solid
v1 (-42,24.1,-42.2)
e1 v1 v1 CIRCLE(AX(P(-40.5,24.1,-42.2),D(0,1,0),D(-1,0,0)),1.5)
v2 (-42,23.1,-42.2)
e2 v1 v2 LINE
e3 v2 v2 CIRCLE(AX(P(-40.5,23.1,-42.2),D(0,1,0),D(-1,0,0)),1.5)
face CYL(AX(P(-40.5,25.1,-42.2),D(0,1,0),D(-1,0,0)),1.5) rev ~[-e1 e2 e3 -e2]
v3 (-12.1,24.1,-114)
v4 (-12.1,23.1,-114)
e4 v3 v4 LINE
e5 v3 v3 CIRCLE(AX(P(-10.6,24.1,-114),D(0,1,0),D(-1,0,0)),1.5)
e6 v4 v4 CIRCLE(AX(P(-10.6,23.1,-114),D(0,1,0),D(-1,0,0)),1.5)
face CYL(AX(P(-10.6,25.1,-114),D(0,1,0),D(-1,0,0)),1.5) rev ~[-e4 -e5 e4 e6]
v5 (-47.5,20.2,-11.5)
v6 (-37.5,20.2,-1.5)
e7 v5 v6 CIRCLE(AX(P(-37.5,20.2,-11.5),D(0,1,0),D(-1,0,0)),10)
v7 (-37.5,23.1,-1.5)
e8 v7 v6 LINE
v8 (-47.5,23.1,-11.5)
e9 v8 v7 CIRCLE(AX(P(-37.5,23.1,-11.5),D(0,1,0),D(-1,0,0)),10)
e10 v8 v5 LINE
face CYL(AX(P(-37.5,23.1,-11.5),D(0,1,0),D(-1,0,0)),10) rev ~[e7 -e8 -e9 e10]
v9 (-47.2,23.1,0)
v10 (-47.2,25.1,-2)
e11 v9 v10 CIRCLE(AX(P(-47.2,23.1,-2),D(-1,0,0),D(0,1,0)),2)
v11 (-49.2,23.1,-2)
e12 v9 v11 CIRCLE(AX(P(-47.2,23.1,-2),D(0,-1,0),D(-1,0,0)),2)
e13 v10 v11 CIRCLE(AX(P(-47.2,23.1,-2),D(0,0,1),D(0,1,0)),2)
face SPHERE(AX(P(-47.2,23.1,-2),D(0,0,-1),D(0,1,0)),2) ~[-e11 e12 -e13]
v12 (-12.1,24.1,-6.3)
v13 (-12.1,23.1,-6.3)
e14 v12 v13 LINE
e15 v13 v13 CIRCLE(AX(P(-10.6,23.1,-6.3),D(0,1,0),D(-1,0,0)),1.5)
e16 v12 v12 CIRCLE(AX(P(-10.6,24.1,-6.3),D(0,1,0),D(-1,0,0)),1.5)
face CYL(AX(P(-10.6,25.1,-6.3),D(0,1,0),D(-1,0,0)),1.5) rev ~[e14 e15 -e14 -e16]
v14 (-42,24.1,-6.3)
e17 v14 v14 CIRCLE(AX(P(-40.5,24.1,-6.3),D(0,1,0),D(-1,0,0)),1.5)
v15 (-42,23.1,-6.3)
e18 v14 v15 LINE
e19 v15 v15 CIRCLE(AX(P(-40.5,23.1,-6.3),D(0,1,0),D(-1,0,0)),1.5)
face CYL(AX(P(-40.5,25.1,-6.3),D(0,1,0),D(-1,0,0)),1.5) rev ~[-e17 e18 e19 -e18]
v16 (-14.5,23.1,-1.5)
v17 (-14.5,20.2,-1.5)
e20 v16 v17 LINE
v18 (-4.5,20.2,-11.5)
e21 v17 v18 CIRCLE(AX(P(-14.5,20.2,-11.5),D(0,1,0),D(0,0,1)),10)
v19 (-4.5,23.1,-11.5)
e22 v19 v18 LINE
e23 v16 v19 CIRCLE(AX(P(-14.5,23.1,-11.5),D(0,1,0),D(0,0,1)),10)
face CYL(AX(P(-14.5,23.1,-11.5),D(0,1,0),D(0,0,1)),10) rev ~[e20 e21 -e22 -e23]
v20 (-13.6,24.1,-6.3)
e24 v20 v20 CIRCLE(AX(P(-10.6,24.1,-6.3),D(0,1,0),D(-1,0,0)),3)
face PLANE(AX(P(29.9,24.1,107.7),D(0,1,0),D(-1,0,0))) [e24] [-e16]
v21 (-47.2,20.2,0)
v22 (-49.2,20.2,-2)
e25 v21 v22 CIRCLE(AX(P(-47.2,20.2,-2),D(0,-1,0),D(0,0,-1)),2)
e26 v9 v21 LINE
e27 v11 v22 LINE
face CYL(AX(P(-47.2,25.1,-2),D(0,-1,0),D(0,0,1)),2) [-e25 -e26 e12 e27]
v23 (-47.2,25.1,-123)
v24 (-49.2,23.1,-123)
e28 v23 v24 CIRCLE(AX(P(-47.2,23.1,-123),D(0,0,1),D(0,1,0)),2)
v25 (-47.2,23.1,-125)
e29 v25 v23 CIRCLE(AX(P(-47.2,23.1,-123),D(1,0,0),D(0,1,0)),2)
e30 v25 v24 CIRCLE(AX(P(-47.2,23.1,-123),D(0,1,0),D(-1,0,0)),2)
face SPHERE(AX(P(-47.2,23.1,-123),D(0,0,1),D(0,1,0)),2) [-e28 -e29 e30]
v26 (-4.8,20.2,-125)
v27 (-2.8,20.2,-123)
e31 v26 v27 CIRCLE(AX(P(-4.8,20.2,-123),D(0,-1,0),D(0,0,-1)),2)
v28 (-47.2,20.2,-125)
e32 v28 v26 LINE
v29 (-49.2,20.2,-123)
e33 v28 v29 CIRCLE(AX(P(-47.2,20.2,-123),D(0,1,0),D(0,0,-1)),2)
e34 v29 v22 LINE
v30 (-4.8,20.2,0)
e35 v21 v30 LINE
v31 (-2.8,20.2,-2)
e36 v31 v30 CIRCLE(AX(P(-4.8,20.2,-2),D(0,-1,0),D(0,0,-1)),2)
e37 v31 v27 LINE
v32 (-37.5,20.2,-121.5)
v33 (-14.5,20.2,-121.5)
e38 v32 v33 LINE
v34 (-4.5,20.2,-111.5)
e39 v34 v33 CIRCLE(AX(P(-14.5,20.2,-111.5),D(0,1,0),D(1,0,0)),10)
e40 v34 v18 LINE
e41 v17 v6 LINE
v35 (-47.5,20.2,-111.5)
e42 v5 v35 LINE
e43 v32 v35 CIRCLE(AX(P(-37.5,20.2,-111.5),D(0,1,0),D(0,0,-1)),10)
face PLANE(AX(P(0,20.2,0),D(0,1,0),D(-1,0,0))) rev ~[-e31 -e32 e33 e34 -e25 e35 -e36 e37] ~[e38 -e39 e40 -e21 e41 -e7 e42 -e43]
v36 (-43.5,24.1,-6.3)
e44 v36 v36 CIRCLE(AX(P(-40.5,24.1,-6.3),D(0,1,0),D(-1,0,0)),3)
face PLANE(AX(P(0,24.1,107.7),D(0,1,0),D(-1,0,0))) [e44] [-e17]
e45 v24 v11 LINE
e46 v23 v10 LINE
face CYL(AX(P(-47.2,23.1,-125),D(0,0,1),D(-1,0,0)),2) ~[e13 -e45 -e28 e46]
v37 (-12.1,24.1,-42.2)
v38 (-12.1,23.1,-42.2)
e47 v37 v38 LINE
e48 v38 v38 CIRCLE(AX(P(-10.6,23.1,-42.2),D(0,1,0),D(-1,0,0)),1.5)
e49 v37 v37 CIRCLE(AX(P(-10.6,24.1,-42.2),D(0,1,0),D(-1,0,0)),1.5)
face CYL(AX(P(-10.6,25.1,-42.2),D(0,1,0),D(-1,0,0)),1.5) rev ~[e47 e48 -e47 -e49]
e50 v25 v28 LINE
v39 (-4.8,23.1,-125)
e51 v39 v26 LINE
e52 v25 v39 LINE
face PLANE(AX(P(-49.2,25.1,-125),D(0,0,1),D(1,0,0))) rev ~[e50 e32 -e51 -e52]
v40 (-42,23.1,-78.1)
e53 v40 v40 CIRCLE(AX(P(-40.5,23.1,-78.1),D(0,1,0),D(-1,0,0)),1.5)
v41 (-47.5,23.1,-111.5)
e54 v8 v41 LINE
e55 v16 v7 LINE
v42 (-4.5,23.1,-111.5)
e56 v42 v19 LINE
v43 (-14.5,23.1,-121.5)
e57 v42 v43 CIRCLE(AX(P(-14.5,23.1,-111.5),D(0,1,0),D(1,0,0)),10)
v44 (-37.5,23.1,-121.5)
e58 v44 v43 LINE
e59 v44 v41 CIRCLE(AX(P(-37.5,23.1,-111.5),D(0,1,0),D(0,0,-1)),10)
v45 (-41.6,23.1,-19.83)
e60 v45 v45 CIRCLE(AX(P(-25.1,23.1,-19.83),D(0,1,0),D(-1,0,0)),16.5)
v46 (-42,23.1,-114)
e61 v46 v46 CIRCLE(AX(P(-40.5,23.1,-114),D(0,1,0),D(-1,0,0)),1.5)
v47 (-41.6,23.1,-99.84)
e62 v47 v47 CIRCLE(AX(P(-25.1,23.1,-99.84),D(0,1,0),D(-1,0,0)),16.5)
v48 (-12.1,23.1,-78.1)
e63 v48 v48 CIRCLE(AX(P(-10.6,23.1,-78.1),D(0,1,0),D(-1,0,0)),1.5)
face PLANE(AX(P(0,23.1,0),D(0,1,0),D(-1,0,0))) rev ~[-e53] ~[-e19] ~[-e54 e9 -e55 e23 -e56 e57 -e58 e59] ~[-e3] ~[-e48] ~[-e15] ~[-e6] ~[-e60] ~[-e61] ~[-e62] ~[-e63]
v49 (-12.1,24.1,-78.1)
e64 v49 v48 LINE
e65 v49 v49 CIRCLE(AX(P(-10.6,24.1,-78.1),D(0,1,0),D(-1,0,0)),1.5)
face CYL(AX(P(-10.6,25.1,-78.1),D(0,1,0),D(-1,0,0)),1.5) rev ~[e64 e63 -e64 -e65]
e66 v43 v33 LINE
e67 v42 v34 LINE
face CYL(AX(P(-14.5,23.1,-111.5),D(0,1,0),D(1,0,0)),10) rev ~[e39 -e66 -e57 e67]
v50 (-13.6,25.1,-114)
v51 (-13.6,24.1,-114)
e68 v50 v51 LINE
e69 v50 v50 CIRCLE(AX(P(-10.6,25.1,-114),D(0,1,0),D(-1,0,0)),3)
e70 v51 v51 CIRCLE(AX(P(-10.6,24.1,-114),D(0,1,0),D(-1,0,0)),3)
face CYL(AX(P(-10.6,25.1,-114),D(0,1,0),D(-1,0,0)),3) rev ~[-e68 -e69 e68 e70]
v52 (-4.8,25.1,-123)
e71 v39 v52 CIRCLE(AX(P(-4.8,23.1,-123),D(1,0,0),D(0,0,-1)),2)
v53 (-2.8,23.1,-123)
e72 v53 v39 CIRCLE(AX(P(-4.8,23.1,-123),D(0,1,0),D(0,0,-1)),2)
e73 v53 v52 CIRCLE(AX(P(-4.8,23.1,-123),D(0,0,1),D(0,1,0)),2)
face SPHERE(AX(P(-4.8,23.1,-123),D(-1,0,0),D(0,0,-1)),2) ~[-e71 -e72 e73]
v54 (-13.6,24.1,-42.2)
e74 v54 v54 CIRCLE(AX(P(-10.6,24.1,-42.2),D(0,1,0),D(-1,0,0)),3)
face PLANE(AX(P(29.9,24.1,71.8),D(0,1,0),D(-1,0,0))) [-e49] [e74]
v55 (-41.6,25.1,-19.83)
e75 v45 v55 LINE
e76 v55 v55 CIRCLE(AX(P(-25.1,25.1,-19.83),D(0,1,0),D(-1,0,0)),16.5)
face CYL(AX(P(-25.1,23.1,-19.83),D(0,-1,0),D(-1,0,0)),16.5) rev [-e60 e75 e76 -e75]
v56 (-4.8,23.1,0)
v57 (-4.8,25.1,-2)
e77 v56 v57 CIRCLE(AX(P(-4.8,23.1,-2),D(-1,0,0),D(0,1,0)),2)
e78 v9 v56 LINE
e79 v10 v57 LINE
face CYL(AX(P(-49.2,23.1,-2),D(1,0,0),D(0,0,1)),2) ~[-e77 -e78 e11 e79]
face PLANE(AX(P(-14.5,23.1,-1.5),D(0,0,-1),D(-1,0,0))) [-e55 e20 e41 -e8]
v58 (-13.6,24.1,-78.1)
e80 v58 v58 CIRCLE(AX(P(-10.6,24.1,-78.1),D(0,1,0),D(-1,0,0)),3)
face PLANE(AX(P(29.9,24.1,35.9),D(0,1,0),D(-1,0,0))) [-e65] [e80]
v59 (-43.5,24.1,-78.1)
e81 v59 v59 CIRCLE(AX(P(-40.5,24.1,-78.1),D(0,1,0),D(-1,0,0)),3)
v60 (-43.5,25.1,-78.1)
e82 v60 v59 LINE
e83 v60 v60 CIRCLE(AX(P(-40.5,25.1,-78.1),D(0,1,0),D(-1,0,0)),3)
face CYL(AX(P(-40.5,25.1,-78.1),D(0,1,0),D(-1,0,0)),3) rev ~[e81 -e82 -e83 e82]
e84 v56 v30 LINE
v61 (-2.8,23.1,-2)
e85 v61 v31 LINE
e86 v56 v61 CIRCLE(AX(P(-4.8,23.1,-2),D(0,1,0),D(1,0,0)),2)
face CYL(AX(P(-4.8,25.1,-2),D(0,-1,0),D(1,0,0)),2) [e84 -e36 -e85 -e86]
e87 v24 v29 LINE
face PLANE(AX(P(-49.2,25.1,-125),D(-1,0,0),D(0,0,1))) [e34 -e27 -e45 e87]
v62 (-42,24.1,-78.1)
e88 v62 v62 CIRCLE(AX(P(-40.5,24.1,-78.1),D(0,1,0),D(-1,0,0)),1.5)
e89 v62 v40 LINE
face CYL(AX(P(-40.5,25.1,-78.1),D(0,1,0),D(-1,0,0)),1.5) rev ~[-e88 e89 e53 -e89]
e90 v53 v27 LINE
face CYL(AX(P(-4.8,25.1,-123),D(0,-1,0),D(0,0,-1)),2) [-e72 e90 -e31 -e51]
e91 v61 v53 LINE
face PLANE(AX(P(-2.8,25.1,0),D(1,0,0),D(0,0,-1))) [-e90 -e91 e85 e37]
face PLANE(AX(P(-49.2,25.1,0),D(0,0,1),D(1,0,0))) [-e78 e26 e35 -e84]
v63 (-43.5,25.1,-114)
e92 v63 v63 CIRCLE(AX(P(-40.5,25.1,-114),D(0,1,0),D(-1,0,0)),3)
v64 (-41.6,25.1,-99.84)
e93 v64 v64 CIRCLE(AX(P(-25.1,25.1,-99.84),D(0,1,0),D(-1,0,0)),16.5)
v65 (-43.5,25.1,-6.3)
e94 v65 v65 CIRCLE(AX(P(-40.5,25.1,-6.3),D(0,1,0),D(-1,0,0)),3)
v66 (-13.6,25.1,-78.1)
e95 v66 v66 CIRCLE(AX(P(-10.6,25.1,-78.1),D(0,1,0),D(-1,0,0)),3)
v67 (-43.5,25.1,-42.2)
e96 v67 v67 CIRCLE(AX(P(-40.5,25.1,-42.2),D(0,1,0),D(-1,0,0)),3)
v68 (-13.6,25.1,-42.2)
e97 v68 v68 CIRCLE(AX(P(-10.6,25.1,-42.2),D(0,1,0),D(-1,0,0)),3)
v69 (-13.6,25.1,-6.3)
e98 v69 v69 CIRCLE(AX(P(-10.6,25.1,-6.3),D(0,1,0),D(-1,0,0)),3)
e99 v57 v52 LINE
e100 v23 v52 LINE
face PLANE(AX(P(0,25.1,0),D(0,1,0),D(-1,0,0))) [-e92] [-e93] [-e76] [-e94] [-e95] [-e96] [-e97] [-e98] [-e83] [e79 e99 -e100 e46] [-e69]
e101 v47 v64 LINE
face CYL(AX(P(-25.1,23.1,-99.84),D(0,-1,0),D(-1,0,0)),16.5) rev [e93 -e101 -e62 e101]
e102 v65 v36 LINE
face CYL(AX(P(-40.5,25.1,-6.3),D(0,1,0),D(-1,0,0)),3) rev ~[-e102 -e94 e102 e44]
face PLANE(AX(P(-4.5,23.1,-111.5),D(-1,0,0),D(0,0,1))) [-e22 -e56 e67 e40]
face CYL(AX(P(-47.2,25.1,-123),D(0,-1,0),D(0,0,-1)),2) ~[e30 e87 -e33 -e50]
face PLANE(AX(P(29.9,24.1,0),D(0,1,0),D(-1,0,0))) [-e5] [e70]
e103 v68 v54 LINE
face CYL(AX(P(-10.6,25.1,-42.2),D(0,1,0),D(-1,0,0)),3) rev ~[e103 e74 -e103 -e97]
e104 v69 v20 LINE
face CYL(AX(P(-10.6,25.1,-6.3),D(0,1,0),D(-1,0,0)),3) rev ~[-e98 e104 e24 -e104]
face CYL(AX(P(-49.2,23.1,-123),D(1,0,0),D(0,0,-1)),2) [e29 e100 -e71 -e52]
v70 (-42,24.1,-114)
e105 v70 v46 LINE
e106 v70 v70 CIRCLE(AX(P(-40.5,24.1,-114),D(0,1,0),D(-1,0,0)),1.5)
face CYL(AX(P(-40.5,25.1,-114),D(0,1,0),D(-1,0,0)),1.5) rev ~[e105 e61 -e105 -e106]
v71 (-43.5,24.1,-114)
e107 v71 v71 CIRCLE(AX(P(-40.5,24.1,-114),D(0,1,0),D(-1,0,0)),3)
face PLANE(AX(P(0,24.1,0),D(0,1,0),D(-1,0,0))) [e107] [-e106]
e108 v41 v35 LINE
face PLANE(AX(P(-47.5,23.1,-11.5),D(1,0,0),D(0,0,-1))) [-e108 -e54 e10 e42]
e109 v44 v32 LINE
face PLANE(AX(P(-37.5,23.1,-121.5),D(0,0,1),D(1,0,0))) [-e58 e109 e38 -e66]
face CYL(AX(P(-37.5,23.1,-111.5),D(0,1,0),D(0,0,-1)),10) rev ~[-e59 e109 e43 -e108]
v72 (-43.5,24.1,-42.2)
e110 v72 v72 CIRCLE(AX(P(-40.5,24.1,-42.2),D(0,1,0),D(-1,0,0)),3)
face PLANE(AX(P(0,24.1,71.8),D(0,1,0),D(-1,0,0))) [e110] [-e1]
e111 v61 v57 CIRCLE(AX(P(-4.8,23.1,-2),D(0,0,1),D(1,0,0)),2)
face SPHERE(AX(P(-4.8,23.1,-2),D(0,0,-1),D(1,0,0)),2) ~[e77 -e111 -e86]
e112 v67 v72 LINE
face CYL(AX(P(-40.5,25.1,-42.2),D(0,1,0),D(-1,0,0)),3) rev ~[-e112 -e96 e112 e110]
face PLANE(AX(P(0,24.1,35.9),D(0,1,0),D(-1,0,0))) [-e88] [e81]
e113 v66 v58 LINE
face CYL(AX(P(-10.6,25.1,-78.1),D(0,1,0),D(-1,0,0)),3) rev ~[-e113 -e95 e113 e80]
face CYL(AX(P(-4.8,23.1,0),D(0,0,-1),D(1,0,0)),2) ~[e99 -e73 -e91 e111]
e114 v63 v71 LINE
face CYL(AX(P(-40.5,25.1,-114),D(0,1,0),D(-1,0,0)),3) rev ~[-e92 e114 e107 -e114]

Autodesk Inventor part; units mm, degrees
sketch "Sketch1" plane through (0, 0, 0) normal (0, 1, 0) x (-1, 0, 0)
  line L0 (2, 0) -> (102, 0)
  line L1 (104, -2) -> (104, -123)
  line L2 (102, -125) -> (2, -125)
  line L3 (0, -123) -> (0, -2)
  arc A0 (104, -2) -> (102, 0) centre (102, -2) ccw
  arc A1 (102, -125) -> (104, -123) centre (102, -123) ccw
  arc A2 (0, -123) -> (2, -125) centre (2, -123) ccw
  arc A3 (2, 0) -> (0, -2) centre (2, -2) ccw
  point P0 (0, 0)
  point P1 (104, -125)
  point P2 (0, -125)
  dimension "d0" = 104
  dimension "d1" = 125
  dimension "d2" = 2
  dimension "d3" = 2
extrude "Boîte extérieure" [suppressed]
fillet "Fillet1-Boîte extérieure" [suppressed]
ref_plane "Work Plane2 - PCB Vertical" through (0, 0, -62.5) normal (0, 0, 1) x (1, 0, 0)
ref_plane "Work Plane4 - Surface extérieure capteurs" through (0, 20.1, 0) normal (0, 1, 0) x (-1, 0, 0)
ref_plane "Work Plane6 - Fond creusé" through (0, 17, 0) normal (0, 1, 0) x (-1, 0, 0)
sketch "Sketch26" plane through (0, 20.1, 0) normal (0, 1, 0) x (-1, 0, 0)
  line L0 (16, -121) -> (36, -121)
  line L1 (47, -110) -> (47, -13)
  line L2 (36, -2) -> (16, -2)
  line L3 (5, -13) -> (5, -110)
  arc A0 (5, -110) -> (16, -121) centre (16, -110) ccw
  arc A1 (36, -121) -> (47, -110) centre (36, -110) ccw
  arc A2 (47, -13) -> (36, -2) centre (36, -13) ccw
  arc A3 (16, -2) -> (5, -13) centre (16, -13) ccw
  line L4 (0, -2) -> (0, -123) projected
  line L5 (0, -2) -> (0, -123) projected
  line L6 (104, -123) -> (104, -2) projected
  line L7 (2, -125) -> (102, -125) projected
  point P0 (0, 0)
  point P1 (47, -2)
  point P2 (47, -121)
  point P3 (5, -2)
  dimension "d158" = 42
  dimension "d159" = 119
  dimension "d160" = 11
  dimension "d161" = 5
  dimension "d186" = 4
extrude "Centreur Echantillonnage actif" [suppressed]
sketch "Sketch 22" plane through (0, 17, 0) normal (0, 1, 0) x (-1, 0, 0)
  circle A0 centre (25.1, -19.83) radius 16.5
  line L0 (99, -5) -> (99, -120) projected
  line L1 (9, -5) -> (99, -5) projected
  circle A1 centre (25.1, -47.135) radius 10.5
  circle A2 centre (25.1, -72.535) radius 10.5
  circle A3 centre (25.1, -99.84) radius 16.5
  line L2 (102, 0) -> (2, 0) projected
  line L3 (0, -2) -> (0, -123) projected
  line L4 (2, -125) -> (102, -125) projected
  point P0 (0, 0)
  point P1 (99, -12.0721)
  point P2 (99, -58.79)
  point P3 (16.07, -5)
  point P4 (91.93, -5)
  dimension "d124" = 33
  dimension "d126" = 14.83
  dimension "d140" = 21
  dimension "d141" = 27.305
  dimension "d142" = 21
  dimension "d143" = 25.4
  dimension "d144" = 33
  dimension "d145" = 27.305
  dimension "d196" = 73.9
  dimension "d258" = 19.83
  dimension "d259" = 25.1
  dimension "d260" = 25.16
extrude "Sensor A/Miniature or Sensoric" [suppressed]
sketch "Sketch35" plane through (0, 20.1, 0) normal (0, 1, 0) x (-1, 0, 0)
  circle A0 centre (40.5, -114) radius 1
  line L0 (47, -110) -> (47, -13) projected
  line L1 (16, -121) -> (36, -121) projected
  point P0 (0, 0)
  dimension "d235" = 2
  dimension "d244" = 6.5
  dimension "d245" = 7
extrude "Vis Centreur Chapeau" [suppressed]
pattern_linear "Rectangular Pattern3" [suppressed]
ref_plane "Work Plane10 - Chapeau ext." through (0, 25.1, 0) normal (0, 1, 0) x (-1, 0, 0)
sketch "Sketch36" plane through (0, 25.1, 0) normal (0, 1, 0) x (-1, 0, 0)
  line L0 (102, -125) -> (2, -125)
  line L1 (102, 0) -> (2, 0) projected
  line L2 (2.8, -125) -> (49.2, -125)
  line L3 (49.2, -125) -> (49.2, 0)
  line L4 (49.2, 0) -> (2.8, 0)
  line L5 (2.8, 0) -> (2.8, -125)
  line L6 (47, -110) -> (47, -13) projected
  point P0 (0, 0)
  dimension "d247" = 46.4
  dimension "d252" = 125
extrude "Chapeau" add sketch "Sketch36" against normal blind 4.9
fillet "Fillet10" radius 2 8 edges at (-49.2, 25.1, -62.5) (-26, 25.1, -125) (-49.2, 22.65, -125) (-2.8, 22.65, -125) (-2.8, 25.1, -62.5) (-2.8, 22.65, 0) (-26, 25.1, 0) (-49.2, 22.65, 0)
ref_plane "Work Plane11 - Haut capteurs shields" through (0, 23.1, 0) normal (0, 1, 0) x (-1, 0, 0)
sketch "Sketch37" plane through (0, 23.1, 0) normal (0, 1, 0) x (-1, 0, 0)
  line L0 (14.5, -1.5) -> (37.5, -1.5)
  line L1 (47.5, -11.5) -> (47.5, -111.5)
  line L2 (37.5, -121.5) -> (14.5, -121.5)
  line L3 (4.5, -111.5) -> (4.5, -11.5)
  line L4 (4.8, 0) -> (47.2, 0) projected
  line L5 (2.8, -123) -> (2.8, -2) projected
  line L6 (47.2, -125) -> (4.8, -125) projected
  arc A0 (4.5, -111.5) -> (14.5, -121.5) centre (14.5, -111.5) ccw
  arc A1 (37.5, -121.5) -> (47.5, -111.5) centre (37.5, -111.5) ccw
  arc A2 (47.5, -11.5) -> (37.5, -1.5) centre (37.5, -11.5) ccw
  arc A3 (14.5, -1.5) -> (4.5, -11.5) centre (14.5, -11.5) ccw
  point P0 (0, 0)
  point P1 (4.5, -1.5)
  point P2 (47.5, -121.5)
  point P3 (47.5, -1.5)
  point P4 (4.5, -121.5)
  dimension "d254" = 43
  dimension "d255" = 120
  dimension "d257" = 1.7
  dimension "d263" = 3.5
  dimension "d264" = 10
extrude "Creusement interne pour passage Centreur" cut sketch "Sketch37" against normal blind 2.9
sketch "Sketch41" plane through (0, 25.1, 0) normal (0, 1, 0) x (-1, 0, 0)
  circle A0 centre (40.5, -114) radius 1.5
  point P0 (0, 0)
  dimension "d276" = 3
extrude "Alesage de vissage chapeau" cut sketch "Sketch41" against normal blind 2
sketch "Sketch38" plane through (0, 23.1, 0) normal (0, 1, 0) x (-1, 0, 0)
  line L0 (47.2, -125) -> (4.8, -125) projected
  line L1 (4.8, 0) -> (47.2, 0) projected
  circle A0 centre (25.1, -97.935) radius 8.25
  circle A1 centre (25.1, -72.535) radius 8.25
  circle A2 centre (25.1, -47.135) radius 8.25
  point P0 (0, 0)
  point P1 (25.1, -99.84)
  point P2 (25.1, -19.83)
  point P3 (25.1, -21.735)
  dimension "d265" = 25.16
  dimension "d266" = 27.305
  dimension "d267" = 25.4
  dimension "d268" = 27.305
  dimension "d269" = 19.83
  dimension "d270" = 27.065
  dimension "d271" = 25.4
  dimension "d272" = 25.4
  dimension "d273" = 21.735
  dimension "d300" = 16.5
  dimension "d301" = 16.5
  dimension "d302" = 16.5
pattern_linear "Alesages de vissages chapeau" count 2 spacing 29.9 along (1, 0, 0) count 4 spacing 35.9 along (0, 0, 1) of "Alesage de vissage chapeau"
sketch "Sketch44" plane through (0, 25.1, 0) normal (0, 1, 0) x (-1, 0, 0)
  circle A0 centre (40.5, -114) radius 3
  point P0 (0, 0)
  dimension "d291" = 6
extrude "Epaulement tête de vis" cut sketch "Sketch44" against normal blind 1
pattern_linear "Epaulements tête de vis" count 2 spacing 29.9 along (1, 0, 0) count 4 spacing -35.9 along (0, 0, -1) of "Epaulement tête de vis"
sketch "Sketch45" plane through (0, 23.1, 0) normal (0, 1, 0) x (-1, 0, 0)
  circle A0 centre (25.1, -97.935) radius 8.4
  circle A1 centre (25.1, -72.535) radius 10.5
  circle A2 centre (25.1, -47.135) radius 10.5
  circle A3 centre (25.1, -19.83) radius 16.5
  circle A4 centre (25.1, -99.84) radius 16.5
  point P0 (0, 0)
  dimension "d308" = 33
  dimension "d309" = 33
extrude "Alesages Capteurs" [suppressed]
sketch "Sketch46" plane through (0, 23.1, 0) normal (0, 1, 0) x (-1, 0, 0)
  circle A0 centre (25.1, -99.84) radius 16.5
  circle A1 centre (25.1, -19.83) radius 16.5
  point P0 (0, 0)
  dimension "d310" = 33
  dimension "d311" = 33
extrude "Extrusion40" cut sketch "Sketch46" along normal blind 2
properties part number "160409 Sensor cover B_Compact - None - None - B_Compact - R23"
